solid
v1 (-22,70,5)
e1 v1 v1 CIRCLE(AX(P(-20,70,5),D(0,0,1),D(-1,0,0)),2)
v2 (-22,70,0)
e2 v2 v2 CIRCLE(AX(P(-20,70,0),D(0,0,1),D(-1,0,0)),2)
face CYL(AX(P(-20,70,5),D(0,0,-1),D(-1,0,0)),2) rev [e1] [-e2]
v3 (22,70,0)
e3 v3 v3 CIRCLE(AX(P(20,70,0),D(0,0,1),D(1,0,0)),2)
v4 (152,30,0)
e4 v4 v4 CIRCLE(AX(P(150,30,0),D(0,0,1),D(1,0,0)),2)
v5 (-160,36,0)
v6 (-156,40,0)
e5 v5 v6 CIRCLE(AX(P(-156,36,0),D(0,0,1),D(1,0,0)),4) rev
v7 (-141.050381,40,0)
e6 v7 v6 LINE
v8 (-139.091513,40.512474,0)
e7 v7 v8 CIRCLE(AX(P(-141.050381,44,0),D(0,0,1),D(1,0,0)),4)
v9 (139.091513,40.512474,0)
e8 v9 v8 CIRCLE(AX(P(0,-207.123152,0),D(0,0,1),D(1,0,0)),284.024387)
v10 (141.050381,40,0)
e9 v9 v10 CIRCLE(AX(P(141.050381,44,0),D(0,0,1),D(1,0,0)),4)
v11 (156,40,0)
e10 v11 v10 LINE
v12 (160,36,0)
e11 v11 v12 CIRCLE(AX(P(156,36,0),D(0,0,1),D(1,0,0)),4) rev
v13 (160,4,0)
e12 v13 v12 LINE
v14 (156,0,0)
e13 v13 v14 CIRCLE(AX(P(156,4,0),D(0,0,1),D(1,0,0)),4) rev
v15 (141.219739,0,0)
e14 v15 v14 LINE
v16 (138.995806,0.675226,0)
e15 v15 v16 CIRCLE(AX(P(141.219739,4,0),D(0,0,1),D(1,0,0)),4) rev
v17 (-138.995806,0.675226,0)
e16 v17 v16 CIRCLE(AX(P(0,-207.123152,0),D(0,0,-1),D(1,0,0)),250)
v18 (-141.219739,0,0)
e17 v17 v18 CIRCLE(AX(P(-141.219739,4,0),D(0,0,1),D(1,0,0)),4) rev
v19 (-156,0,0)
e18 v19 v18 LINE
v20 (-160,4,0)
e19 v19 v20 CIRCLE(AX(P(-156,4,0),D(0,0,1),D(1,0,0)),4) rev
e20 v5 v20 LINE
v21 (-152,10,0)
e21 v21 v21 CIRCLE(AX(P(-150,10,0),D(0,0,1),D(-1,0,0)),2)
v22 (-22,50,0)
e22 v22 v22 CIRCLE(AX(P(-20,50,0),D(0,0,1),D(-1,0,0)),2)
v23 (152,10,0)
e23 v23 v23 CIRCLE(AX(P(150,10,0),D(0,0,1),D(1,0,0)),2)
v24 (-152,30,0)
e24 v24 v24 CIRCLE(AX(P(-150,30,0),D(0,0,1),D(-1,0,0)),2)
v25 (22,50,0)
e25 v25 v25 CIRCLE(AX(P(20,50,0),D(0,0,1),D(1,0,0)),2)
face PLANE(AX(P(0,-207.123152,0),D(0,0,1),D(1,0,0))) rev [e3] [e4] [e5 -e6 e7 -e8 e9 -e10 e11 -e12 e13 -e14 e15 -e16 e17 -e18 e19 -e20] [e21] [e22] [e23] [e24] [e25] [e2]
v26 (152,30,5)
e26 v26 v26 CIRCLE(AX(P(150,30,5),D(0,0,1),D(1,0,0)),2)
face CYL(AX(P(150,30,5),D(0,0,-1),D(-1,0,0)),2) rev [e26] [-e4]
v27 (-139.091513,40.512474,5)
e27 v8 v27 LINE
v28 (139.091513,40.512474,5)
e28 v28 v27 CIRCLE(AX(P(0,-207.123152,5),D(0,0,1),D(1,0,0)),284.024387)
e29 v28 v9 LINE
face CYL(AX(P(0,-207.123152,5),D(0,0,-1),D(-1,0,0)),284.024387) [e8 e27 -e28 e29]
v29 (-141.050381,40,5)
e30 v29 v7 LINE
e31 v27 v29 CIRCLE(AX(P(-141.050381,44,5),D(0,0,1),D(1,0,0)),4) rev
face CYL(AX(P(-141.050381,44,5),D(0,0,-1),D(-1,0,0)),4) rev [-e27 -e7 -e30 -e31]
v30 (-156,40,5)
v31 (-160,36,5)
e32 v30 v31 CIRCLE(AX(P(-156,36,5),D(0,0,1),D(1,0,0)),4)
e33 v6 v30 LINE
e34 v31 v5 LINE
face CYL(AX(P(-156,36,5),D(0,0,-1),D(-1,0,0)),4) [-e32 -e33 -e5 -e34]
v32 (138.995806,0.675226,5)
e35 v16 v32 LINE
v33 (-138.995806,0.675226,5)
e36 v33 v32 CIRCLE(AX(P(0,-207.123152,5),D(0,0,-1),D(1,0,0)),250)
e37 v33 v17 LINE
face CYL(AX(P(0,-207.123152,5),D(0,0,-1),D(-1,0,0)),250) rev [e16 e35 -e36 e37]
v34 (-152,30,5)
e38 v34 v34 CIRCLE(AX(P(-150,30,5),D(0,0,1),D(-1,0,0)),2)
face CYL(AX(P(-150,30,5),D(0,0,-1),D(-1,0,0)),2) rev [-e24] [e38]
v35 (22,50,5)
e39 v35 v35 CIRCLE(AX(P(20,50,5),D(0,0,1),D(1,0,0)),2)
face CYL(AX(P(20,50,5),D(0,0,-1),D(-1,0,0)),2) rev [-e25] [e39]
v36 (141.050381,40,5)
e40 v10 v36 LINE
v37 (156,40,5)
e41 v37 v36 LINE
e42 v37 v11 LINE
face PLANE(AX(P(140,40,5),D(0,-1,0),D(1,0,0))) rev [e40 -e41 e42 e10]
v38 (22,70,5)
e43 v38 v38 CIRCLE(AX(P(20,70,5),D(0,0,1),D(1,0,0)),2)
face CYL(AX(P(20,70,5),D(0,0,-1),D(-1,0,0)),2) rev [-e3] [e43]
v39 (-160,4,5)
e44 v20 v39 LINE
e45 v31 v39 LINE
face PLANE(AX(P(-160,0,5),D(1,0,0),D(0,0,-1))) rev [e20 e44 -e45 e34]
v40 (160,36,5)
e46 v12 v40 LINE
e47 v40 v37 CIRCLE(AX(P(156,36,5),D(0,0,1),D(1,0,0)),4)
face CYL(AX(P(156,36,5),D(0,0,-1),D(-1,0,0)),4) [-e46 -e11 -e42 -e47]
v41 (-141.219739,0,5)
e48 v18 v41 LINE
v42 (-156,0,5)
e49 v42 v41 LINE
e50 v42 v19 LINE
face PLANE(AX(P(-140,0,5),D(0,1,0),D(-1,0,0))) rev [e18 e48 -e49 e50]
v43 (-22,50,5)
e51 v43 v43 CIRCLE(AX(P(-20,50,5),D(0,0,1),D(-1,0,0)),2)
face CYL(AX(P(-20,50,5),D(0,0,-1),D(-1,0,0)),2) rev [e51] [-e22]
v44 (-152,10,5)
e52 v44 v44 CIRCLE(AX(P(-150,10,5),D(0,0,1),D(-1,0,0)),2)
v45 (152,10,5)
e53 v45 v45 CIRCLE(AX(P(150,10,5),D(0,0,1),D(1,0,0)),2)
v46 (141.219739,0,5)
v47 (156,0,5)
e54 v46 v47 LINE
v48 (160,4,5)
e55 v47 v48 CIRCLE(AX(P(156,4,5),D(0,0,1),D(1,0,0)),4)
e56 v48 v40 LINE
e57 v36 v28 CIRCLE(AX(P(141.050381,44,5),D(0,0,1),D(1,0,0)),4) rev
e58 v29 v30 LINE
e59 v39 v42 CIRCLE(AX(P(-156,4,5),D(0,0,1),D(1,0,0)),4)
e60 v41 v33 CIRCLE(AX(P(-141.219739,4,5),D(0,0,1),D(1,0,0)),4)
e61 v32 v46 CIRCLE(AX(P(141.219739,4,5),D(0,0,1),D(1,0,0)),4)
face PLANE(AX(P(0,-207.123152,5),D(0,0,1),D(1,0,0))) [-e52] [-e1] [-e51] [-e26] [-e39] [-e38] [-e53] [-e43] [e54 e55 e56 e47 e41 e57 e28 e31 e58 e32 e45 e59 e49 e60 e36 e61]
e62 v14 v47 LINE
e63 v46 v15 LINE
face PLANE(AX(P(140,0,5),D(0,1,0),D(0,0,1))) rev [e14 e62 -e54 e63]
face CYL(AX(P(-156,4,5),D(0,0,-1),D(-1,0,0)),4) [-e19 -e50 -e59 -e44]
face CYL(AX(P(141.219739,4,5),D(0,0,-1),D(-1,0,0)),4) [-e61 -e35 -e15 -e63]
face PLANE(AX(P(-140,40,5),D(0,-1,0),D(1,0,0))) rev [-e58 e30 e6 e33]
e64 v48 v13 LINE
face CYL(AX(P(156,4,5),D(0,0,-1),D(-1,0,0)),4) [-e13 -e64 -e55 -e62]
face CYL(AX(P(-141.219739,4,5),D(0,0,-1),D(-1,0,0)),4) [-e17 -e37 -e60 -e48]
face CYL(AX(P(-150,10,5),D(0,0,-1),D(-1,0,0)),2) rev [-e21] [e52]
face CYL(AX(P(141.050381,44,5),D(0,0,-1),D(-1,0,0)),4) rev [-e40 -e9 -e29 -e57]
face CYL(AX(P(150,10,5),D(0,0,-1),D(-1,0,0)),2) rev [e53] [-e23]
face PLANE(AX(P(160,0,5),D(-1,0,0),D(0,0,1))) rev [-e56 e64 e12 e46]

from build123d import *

# Parameters (mm, degrees)
ESQUISSE1_R        = 2
BOSS_EXTRU_1_DEPTH = 5
CONG_1_R           = 4


with BuildPart() as part:
    # Esquisse1 → Boss.-Extru.1 (new body)
    with BuildSketch(Plane.XY):
        with BuildLine():
            Line((160, 0), (160, 40))
            Line((160, 40), (140, 40))
            ThreePointArc((140, 40), (0, 76.901234754), (-140, 40))
            Line((-140, 40), (-160, 40))
            Line((-160, 40), (-160, 0))
            Line((-160, 0), (-140, 0))
            ThreePointArc((-140, 0), (0, 42.876848228), (140, 0))
            Line((140, 0), (160, 0))
        make_face()
        with Locations((20, 70)):
            Circle(ESQUISSE1_R, mode=Mode.SUBTRACT)
        with Locations((20, 50)):
            Circle(ESQUISSE1_R, mode=Mode.SUBTRACT)
        with Locations(Location((-20, 50, 0), (0, 0, 180))):
            Circle(ESQUISSE1_R, mode=Mode.SUBTRACT)
        with Locations(Location((-20, 70, 0), (0, 0, 180))):
            Circle(ESQUISSE1_R, mode=Mode.SUBTRACT)
        with Locations((150, 30)):
            Circle(ESQUISSE1_R, mode=Mode.SUBTRACT)
        with Locations((150, 10)):
            Circle(ESQUISSE1_R, mode=Mode.SUBTRACT)
        with Locations(Location((-150, 10, 0), (0, 0, 180))):
            Circle(ESQUISSE1_R, mode=Mode.SUBTRACT)
        with Locations(Location((-150, 30, 0), (0, 0, 180))):
            Circle(ESQUISSE1_R, mode=Mode.SUBTRACT)
    extrude(amount=BOSS_EXTRU_1_DEPTH)

    # Congé1
    cong_1_edges = [part.edges().sort_by_distance(p)[0] for p in [
        (-140, 0, 2.5),
        (-160, 0, 2.5),
        (-160, 40, 2.5),
        (-140, 40, 2.5),
        (140, 40, 2.5),
        (160, 40, 2.5),
        (160, 0, 2.5),
        (140, 0, 2.5),
    ]]
    fillet(cong_1_edges, radius=CONG_1_R)


solid = part.part
